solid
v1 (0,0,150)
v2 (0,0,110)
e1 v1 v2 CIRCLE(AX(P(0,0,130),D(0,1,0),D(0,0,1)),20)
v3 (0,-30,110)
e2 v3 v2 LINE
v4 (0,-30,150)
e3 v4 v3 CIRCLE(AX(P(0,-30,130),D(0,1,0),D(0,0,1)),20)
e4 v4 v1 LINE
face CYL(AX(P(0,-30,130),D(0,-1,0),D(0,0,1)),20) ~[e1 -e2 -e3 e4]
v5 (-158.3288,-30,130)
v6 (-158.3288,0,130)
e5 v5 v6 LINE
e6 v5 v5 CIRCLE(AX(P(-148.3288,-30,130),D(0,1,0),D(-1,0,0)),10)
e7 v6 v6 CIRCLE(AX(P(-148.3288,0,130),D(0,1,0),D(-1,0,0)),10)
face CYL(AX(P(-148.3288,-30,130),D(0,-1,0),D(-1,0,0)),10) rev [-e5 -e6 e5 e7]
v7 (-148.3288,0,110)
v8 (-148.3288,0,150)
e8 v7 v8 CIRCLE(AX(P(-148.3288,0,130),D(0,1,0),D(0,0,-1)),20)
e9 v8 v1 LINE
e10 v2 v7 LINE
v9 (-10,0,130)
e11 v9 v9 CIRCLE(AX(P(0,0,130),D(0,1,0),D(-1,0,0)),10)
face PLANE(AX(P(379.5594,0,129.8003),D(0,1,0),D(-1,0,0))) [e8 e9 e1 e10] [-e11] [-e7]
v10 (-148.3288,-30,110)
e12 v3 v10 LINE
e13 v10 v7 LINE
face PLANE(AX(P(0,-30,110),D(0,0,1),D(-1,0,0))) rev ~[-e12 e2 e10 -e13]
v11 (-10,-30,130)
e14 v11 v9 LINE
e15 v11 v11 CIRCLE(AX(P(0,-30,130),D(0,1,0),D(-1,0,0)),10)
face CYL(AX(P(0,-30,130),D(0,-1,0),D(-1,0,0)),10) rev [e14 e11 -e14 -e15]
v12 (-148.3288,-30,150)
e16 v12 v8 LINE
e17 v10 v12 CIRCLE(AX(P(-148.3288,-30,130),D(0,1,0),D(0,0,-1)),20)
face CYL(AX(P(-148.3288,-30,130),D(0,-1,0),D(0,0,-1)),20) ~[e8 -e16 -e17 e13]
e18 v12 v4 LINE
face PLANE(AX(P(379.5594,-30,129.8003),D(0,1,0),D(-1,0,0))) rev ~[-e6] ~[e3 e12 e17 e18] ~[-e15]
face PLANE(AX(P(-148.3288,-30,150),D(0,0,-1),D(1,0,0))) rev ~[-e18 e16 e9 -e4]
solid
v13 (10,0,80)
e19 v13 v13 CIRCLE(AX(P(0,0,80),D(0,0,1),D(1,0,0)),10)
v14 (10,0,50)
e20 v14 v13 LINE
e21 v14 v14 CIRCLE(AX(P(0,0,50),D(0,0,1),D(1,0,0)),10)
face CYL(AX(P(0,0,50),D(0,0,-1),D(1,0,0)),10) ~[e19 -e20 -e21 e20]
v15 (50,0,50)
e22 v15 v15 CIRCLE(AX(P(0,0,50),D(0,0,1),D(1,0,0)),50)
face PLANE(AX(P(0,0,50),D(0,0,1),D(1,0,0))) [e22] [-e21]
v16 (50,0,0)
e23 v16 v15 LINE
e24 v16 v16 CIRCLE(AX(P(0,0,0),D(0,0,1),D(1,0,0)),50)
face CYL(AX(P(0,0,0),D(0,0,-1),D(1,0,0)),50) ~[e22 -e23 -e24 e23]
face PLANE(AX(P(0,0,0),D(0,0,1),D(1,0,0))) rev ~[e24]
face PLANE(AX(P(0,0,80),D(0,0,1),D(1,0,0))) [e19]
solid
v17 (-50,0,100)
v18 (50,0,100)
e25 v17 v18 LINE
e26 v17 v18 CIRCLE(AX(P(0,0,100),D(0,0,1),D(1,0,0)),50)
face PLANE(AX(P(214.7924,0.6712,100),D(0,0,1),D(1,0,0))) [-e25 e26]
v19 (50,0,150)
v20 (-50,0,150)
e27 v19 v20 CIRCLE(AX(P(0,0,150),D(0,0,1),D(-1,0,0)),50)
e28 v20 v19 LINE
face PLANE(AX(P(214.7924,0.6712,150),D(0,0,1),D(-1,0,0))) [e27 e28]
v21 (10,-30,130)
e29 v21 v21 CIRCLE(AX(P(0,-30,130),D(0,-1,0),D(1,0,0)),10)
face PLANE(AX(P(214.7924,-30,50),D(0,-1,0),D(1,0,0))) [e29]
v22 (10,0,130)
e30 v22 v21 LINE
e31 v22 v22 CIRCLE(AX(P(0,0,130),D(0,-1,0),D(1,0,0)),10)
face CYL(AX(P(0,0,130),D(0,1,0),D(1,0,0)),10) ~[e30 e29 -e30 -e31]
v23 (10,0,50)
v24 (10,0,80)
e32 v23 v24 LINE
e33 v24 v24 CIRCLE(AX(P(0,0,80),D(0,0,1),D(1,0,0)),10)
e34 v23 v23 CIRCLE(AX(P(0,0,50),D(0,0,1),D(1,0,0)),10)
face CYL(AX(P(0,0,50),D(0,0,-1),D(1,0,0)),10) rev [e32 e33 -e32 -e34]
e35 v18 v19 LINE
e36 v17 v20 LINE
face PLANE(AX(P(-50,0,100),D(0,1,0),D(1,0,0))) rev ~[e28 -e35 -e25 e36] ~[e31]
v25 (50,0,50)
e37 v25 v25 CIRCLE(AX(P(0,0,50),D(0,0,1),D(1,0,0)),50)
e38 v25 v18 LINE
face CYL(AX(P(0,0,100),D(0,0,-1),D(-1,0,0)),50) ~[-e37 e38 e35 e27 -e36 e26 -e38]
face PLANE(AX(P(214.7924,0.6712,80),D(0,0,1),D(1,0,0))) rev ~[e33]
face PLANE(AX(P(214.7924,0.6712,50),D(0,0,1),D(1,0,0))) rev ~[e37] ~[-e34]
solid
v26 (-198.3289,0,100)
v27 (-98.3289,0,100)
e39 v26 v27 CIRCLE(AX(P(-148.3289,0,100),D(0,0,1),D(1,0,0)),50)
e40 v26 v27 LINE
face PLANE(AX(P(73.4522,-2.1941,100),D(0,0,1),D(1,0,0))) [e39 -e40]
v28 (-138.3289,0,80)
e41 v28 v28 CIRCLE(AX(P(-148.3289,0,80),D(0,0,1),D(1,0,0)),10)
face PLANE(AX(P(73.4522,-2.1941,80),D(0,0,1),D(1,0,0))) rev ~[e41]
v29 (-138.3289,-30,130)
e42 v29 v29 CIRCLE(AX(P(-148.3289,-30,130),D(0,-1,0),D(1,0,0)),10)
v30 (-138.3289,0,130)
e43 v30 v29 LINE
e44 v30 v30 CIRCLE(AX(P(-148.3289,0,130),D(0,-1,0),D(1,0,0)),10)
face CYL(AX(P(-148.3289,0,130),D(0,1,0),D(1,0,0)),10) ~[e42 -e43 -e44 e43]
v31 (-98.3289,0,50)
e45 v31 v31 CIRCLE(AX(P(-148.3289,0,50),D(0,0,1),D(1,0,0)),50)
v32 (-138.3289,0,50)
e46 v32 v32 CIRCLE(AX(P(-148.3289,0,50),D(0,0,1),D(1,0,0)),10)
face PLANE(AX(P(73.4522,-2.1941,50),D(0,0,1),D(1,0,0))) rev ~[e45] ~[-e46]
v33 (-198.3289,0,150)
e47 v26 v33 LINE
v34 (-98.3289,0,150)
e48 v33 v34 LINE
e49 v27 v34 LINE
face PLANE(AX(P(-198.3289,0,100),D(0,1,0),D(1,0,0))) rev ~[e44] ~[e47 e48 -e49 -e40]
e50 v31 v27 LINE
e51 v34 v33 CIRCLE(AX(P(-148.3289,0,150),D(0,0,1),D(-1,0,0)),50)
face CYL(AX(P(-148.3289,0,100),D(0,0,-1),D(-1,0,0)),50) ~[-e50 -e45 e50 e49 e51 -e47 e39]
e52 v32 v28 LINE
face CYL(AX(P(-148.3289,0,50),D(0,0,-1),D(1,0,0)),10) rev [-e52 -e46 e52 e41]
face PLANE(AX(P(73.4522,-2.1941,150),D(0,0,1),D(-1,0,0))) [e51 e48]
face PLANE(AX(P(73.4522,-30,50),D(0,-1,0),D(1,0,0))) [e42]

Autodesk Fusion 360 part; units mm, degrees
sketch "Sketch1" plane through (0, 0, 0) normal (0, 0, 1) x (1, 0, 0) in component "Component"
  circle A0 centre (0, 0) radius 50
  circle A1 centre (0, 0) radius 10
  dimension "d1" = 100
  dimension "d2" = 20
extrude "Extrude1" add sketch "Sketch1" along normal blind 50 contours A0 | A1 makes body 1 in component "Component"
extrude "Extrude2" add sketch "Sketch1" along normal blind 30 from surface at 50 contours A1 bodies 1 in component "Component"
sketch "Sketch1 (2)" plane through (0, 0, 0) normal (0, 0, 1) x (1, 0, 0) in component "Component'"
  circle A0 centre (-214.7924, -0.6712) radius 50
  circle A1 centre (-214.7924, -0.6712) radius 10
  dimension "d8" = 100
  dimension "d9" = 20
extrude "Extrude1'" add sketch "Sketch1 (2)" along normal blind 50 separate body makes body 2 in component "Component'"
extrude "Extrude2'" add sketch "Sketch1 (2)" along normal up to surface (20 mm away) from surface at 30 contours A1 bodies 2 in component "Component'"
sketch "Sketch2" plane through (0, 0, 50) normal (0, 0, 1) x (-1, 0, 0) in component "Component'"
  circle A0 centre (214.7924, 0.6712) radius 50
  line L0 (264.7924, 0.6712) -> (164.7924, 0.6712)
extrude "Extrude3" add sketch "Sketch2" along normal blind 50 contours A0 L0 picked at (207.1995, -18.6751) bodies 2 in component "Component'"
sketch "Sketch3" plane through (0, -0.6712, 0) normal (0, -1, 0) x (1, 0, 0) in component "Component'"
  line L0 (-264.7924, 50) -> (-164.7924, 50)
  line L1 (-164.7924, 50) -> (-164.7924, 100)
  line L2 (-164.7924, 100) -> (-264.7924, 100)
  line L3 (-264.7924, 100) -> (-264.7924, 50)
  circle A0 centre (-214.7924, 80) radius 10
  dimension "d17" = 20
  dimension "d18" = 20
extrude "Extrude4" add sketch "Sketch3" along normal blind 30 contours A0 bodies 2 in component "Component'"
sketch "Sketch1 (3)" plane through (0, 0, 50) normal (0, 0, 1) x (-1, 0, 0) in component "Component''"
  line L0 (527.8882, 20.1997) -> (379.5594, 20.1997)
  arc A0 (379.5594, 20.1997) -> (379.5594, -19.8003) centre (379.5594, 0.1997) ccw
  line L1 (379.5594, -19.8003) -> (527.8882, -19.8003)
  arc A1 (527.8882, -19.8003) -> (527.8882, 20.1997) centre (527.8882, 0.1997) ccw
  line L2 (527.8882, 0.1997) -> (379.5594, 0.1997) construction
  circle A2 centre (527.8882, 0.1997) radius 10
  circle A3 centre (379.5594, 0.1997) radius 10
  dimension "d21" = 20
  dimension "d23" = 10
extrude "Extrude1''" add sketch "Sketch1 (3)" along normal blind 30 separate body makes body 3 in component "Component''"
sketch "Sketch1 (4)" plane through (0, 0, 0) normal (0, 0, 1) x (1, 0, 0) in component "Component'''"
  circle A0 centre (-221.7811, 2.1941) radius 50
  circle A1 centre (-221.7811, 2.1941) radius 10
  dimension "d8_1" = 100
  dimension "d9_1" = 20
extrude "Extrude1'''" add sketch "Sketch1 (4)" along normal blind 50 separate body makes body 4 in component "Component'''"
extrude "Extrude2''" add sketch "Sketch1 (4)" along normal up to surface (20 mm away) from surface at 30 contours A1 bodies 4 in component "Component'''"
sketch "Sketch2 (2)" plane through (0, 0, 50) normal (0, 0, 1) x (-1, 0, 0) in component "Component'''"
  circle A0 centre (221.7811, -2.1941) radius 50
  line L0 (271.7811, -2.1941) -> (171.7811, -2.1941)
extrude "Extrude3'" add sketch "Sketch2 (2)" along normal blind 50 contours A0 L0 picked at (234.7391, -18.4429) bodies 4 in component "Component'''"
sketch "Sketch3 (2)" plane through (0, 2.1941, 0) normal (0, -1, 0) x (1, 0, 0) in component "Component'''"
  line L0 (-271.7811, 50) -> (-171.7811, 50)
  line L1 (-171.7811, 50) -> (-171.7811, 100)
  line L2 (-171.7811, 100) -> (-271.7811, 100)
  line L3 (-271.7811, 100) -> (-271.7811, 50)
  circle A0 centre (-221.7811, 80) radius 10
  dimension "d17_1" = 20
  dimension "d18_1" = 20
extrude "Extrude4'" add sketch "Sketch3 (2)" along normal blind 30 contours A0 bodies 4 in component "Component'''"
component "Component" placed x (1, 0, 0) y (0, 1, 0) z (0, 0, 1) at (0, 0, 0)
component "Component'" placed x (1, 0, 0) y (0, 1, 0) z (0, 0, 1) at (214.7924, 0.6712, 50)
component "Component''" placed x (1, 0, 0) y (0, 0, -1) z (0, 1, 0) at (379.5594, -80, 129.8003)
component "Component'''" placed x (1, 0, 0) y (0, 1, 0) z (0, 0, 1) at (73.4522, -2.1941, 50)
